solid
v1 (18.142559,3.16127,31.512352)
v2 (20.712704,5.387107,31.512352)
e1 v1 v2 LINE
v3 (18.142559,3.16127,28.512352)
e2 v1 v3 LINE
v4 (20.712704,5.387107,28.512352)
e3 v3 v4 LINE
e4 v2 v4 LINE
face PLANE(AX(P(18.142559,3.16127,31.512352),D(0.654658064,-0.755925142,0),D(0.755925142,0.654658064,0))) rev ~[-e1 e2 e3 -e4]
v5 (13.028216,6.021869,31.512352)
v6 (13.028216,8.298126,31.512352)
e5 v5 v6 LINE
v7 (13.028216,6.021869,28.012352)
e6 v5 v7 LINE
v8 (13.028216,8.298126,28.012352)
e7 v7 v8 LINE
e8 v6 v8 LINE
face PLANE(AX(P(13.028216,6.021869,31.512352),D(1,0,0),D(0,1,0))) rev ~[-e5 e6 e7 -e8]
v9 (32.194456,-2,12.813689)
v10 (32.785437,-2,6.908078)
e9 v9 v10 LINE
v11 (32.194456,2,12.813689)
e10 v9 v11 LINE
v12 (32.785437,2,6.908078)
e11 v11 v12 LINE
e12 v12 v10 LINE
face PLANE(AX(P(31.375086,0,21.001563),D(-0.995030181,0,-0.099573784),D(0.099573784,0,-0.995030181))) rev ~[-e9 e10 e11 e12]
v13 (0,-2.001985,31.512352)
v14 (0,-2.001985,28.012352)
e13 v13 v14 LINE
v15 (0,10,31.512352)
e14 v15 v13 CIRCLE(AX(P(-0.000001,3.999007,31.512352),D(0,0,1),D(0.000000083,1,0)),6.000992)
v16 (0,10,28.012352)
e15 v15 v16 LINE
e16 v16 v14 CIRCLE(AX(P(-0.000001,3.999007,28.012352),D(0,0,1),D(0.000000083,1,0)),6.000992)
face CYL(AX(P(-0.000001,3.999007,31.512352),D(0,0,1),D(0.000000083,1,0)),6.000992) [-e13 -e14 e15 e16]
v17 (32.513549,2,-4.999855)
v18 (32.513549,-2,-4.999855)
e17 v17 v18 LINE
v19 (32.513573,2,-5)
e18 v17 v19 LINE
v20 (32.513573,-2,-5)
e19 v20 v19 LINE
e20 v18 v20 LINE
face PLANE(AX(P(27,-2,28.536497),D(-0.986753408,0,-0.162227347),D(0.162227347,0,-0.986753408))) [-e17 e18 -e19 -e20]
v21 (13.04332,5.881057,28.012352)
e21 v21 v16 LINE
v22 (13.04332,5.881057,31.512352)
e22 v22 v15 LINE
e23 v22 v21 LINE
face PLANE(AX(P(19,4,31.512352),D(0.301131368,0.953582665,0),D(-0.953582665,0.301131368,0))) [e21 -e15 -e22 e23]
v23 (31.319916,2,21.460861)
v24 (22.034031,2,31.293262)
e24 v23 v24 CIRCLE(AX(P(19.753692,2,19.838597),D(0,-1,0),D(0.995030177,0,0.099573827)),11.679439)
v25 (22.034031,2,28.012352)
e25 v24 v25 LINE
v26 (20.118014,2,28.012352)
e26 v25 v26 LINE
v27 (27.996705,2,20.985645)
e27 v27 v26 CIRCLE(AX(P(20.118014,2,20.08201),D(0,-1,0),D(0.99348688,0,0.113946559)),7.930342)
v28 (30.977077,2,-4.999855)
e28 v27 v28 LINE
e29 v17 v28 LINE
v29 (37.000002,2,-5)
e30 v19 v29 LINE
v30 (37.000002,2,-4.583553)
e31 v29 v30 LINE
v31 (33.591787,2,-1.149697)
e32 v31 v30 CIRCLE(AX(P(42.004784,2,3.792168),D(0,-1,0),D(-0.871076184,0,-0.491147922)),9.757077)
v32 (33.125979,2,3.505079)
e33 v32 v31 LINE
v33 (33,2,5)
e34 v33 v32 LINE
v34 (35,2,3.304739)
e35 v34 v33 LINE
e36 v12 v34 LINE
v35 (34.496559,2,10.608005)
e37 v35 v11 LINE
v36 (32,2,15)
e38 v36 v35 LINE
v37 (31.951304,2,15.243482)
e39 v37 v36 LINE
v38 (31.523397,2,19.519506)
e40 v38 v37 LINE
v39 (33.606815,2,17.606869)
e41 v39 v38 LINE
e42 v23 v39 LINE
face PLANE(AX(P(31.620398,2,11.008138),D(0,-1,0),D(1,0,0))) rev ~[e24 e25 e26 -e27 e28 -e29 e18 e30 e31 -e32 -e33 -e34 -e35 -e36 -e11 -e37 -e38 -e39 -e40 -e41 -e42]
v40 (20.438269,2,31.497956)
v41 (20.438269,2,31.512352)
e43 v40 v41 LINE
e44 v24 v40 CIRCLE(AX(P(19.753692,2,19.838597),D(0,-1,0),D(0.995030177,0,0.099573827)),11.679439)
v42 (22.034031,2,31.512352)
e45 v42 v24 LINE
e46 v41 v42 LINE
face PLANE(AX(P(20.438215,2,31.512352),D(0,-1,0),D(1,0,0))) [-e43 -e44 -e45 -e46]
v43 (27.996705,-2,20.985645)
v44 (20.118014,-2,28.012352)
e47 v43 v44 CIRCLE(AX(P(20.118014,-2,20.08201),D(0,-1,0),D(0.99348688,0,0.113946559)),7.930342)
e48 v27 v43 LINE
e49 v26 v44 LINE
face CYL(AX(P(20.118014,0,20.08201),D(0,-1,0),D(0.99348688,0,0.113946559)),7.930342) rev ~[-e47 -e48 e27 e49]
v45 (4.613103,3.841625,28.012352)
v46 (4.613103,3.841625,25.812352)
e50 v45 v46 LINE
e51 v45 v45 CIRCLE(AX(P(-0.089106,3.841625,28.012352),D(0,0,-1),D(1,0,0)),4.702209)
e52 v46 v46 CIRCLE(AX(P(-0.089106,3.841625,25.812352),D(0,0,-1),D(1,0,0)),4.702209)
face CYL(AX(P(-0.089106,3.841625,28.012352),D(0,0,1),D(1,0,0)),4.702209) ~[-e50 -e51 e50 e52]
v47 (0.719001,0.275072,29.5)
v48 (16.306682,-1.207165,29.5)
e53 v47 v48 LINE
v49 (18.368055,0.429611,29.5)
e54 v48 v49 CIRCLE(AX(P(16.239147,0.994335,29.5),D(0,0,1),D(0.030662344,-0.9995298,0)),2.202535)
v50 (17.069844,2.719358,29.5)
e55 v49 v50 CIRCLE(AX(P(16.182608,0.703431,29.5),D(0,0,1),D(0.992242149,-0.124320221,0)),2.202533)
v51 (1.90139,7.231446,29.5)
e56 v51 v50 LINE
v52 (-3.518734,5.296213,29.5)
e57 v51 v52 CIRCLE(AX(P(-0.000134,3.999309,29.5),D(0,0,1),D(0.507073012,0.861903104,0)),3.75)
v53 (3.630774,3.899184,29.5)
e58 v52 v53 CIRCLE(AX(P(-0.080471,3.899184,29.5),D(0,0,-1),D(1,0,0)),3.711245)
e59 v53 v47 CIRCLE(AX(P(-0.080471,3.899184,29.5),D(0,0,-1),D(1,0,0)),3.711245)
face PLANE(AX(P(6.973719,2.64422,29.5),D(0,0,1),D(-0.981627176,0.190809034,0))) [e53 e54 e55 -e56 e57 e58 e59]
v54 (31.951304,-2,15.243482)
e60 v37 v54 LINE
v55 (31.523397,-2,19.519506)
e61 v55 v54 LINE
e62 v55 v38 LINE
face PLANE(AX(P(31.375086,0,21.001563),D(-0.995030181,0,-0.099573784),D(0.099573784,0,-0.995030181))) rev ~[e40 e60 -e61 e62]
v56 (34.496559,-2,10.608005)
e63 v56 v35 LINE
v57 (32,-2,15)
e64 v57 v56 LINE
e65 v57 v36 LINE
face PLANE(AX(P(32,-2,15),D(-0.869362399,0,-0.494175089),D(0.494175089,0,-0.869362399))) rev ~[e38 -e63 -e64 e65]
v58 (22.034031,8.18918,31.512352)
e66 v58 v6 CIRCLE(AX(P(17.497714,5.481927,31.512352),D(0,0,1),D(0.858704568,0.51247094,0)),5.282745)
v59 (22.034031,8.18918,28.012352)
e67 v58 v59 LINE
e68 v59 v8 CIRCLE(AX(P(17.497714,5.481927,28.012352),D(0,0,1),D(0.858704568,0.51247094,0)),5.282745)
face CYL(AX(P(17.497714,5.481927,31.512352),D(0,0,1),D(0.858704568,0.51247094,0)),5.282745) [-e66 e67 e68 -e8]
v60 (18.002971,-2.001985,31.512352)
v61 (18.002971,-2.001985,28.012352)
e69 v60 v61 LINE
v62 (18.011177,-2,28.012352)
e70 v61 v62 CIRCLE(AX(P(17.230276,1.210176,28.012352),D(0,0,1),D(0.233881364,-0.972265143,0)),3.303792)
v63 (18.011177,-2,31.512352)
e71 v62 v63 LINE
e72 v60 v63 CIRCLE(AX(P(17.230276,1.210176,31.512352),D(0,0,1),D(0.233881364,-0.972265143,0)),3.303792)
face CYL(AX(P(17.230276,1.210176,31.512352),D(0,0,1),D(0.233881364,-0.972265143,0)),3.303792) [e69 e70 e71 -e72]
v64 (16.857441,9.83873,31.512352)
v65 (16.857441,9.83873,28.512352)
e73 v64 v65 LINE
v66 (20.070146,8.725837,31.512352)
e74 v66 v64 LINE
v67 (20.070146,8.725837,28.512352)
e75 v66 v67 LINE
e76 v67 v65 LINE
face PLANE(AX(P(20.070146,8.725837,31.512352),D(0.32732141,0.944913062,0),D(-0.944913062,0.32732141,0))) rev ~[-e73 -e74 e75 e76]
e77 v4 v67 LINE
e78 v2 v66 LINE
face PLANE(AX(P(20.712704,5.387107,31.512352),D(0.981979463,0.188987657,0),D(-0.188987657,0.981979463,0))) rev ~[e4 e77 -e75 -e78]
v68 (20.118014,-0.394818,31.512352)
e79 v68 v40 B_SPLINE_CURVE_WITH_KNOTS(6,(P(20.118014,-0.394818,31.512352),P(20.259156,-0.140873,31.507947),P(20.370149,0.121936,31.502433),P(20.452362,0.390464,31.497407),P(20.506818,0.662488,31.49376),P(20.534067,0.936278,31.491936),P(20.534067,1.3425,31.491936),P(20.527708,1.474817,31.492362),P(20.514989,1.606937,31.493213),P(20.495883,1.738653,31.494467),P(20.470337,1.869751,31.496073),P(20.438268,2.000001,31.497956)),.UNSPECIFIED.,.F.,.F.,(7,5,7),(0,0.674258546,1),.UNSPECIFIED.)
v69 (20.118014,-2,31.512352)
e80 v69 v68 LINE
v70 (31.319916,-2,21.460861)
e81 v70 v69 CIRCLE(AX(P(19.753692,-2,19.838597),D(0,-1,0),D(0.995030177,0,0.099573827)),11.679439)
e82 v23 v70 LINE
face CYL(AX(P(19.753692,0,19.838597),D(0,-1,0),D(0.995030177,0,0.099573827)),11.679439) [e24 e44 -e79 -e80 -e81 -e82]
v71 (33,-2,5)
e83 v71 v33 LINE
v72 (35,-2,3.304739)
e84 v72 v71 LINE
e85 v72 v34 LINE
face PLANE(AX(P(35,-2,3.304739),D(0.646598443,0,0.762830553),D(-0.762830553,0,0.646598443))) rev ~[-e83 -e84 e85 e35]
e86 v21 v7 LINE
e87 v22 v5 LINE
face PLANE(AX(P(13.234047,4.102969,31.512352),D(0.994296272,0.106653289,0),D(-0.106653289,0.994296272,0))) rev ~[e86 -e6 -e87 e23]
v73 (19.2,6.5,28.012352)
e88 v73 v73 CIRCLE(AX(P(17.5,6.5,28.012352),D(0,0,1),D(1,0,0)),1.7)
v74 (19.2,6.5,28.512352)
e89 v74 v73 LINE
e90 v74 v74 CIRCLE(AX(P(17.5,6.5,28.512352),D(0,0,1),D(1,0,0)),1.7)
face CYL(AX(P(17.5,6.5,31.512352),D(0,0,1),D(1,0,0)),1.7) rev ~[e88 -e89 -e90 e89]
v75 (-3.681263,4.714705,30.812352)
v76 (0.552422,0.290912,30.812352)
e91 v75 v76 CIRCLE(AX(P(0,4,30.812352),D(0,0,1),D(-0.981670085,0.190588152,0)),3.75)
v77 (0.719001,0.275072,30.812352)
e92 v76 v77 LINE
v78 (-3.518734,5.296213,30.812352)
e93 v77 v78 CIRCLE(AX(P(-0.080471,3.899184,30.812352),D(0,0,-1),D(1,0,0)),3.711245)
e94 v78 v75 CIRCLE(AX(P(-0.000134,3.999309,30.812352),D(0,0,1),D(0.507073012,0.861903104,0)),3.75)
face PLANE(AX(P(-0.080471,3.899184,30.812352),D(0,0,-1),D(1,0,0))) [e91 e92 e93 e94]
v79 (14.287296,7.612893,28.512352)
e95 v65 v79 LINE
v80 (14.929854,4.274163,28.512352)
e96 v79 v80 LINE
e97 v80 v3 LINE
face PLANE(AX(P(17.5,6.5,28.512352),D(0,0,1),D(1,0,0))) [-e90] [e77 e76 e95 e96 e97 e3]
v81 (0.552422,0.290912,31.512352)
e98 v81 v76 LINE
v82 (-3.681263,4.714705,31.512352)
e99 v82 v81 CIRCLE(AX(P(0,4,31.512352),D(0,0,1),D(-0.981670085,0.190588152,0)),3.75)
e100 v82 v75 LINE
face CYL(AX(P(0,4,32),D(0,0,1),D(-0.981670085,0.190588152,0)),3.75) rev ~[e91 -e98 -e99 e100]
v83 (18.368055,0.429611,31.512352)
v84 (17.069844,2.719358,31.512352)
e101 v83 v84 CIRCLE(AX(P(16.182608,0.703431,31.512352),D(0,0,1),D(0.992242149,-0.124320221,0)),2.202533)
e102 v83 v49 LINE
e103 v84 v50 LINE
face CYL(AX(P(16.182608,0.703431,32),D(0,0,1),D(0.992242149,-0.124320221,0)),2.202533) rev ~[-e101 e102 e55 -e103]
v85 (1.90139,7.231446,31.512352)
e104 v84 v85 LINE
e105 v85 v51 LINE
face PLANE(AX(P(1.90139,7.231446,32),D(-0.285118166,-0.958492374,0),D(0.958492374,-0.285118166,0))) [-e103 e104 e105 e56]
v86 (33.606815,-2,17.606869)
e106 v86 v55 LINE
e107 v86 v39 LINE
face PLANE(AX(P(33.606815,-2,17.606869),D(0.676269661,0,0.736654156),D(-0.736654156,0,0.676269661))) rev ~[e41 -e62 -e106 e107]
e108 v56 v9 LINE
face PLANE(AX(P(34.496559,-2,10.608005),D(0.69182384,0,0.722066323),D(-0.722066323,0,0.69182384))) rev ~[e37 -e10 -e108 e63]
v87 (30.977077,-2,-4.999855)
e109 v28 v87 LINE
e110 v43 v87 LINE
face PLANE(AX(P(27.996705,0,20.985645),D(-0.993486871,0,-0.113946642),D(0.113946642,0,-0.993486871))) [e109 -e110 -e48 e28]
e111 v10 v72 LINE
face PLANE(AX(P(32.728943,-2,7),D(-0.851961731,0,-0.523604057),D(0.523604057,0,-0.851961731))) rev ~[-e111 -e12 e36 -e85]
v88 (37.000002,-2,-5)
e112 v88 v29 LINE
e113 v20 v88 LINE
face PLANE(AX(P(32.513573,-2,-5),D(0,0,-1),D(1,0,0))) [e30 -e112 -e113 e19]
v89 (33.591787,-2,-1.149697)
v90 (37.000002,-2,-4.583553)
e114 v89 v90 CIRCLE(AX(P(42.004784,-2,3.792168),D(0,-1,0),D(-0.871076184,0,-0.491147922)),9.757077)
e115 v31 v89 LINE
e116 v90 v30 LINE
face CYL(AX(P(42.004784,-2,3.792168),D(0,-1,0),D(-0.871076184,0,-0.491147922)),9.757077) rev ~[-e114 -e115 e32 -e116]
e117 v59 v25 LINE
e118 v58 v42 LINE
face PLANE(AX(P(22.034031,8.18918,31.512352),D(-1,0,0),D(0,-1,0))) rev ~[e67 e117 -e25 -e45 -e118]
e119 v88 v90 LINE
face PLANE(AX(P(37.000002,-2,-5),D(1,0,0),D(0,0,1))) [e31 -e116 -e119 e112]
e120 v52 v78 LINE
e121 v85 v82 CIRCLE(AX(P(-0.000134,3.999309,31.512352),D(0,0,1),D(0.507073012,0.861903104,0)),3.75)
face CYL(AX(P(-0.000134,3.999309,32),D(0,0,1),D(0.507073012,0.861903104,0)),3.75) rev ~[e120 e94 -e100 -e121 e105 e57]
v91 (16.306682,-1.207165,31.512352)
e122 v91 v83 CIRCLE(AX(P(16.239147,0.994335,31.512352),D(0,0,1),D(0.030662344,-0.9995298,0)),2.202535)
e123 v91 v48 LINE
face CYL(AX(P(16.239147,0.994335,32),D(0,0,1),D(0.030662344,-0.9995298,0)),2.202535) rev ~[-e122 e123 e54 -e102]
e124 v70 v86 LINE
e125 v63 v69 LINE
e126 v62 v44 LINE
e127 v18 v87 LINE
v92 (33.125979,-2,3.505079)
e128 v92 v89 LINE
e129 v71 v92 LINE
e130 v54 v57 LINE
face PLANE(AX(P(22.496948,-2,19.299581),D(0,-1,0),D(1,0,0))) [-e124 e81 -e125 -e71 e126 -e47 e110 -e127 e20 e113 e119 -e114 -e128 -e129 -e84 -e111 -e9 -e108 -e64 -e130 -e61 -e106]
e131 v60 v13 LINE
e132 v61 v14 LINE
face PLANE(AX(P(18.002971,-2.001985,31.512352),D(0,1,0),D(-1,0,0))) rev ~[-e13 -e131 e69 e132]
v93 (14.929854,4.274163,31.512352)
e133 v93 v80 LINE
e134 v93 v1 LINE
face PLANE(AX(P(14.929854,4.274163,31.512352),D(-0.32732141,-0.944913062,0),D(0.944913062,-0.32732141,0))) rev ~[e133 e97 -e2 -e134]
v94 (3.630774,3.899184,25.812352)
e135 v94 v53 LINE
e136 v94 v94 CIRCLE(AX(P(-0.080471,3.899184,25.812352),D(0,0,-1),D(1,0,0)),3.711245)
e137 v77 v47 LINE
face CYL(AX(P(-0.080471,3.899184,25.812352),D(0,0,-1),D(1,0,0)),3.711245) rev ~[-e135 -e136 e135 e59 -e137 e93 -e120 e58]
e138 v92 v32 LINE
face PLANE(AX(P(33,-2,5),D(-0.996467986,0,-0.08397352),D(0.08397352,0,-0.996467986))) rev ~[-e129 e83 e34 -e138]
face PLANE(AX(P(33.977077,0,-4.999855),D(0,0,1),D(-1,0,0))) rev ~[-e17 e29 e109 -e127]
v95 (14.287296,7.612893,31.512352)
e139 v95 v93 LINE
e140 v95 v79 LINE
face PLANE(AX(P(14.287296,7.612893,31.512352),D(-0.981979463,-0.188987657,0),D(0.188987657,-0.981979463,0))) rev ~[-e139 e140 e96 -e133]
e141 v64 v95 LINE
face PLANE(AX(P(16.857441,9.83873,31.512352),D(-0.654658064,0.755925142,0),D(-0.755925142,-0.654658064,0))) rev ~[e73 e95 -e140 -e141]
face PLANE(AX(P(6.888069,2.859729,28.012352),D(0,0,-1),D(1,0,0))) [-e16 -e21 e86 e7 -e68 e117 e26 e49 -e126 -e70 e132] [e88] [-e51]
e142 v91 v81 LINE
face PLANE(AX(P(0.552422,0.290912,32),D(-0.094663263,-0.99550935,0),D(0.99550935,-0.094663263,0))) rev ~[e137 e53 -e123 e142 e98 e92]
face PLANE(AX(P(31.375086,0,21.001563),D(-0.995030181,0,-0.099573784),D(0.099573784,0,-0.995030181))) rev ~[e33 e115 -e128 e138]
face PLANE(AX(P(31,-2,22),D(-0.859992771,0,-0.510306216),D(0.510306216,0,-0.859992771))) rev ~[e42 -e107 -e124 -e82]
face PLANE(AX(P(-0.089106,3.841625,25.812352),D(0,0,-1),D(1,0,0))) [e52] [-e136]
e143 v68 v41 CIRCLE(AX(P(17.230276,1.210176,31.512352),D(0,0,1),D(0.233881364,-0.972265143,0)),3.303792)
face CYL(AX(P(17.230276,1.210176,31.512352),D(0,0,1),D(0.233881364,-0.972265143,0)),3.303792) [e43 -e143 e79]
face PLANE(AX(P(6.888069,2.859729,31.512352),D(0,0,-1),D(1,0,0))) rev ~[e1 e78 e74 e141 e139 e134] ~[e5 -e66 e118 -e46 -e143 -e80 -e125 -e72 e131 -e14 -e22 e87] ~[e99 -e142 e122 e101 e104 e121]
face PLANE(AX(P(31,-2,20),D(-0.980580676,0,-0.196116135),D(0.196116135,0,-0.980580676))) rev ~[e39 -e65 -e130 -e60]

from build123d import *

# Parameters (mm, degrees)
PAD061_DEPTH       = 3.5
PAD059_DEPTH       = 2.5
PAD057_DEPTH       = 2
PAD058_DEPTH       = 3.5
SKETCH098_R        = 4.702209
PAD060_DEPTH       = 2.2
SKETCH099_R        = 3.711245
POCKET003044_DEPTH = 5
SKETCH101_R        = 1.7
POCKET003045_DEPTH = 5
POCKET003046_DEPTH = 3
PAD062_DEPTH       = 4


with BuildPart() as leg_link_shape:
    # Sketch100 → Pad061 (new body)
    with BuildSketch(Plane(origin=(0, 0, 31.512352), x_dir=(-1, 0, 0), z_dir=(0, 0, 1))):
        with BuildLine():
            Line((-20.438215, -2), (-13.234047, -4.102969))
            Line((-13.234047, -4.102969), (-13.028216, -6.021869))
            Line((-13.028216, -6.021869), (-13.028216, -8.298126))
            ThreePointArc((-22.034031, -8.18918), (-17.561616, -10.764285), (-13.028216, -8.298126))
            Line((-22.034031, -8.18918), (-22.034031, -2))
            Line((-20.438215, -2), (-22.034031, -2))
        make_face()
    extrude(amount=-PAD061_DEPTH)


with BuildPart() as sg90_servo_hole:
    # Sketch094 → Pad059 (new body)
    with BuildSketch(Plane(origin=(0, 4, 32), x_dir=(-0.981627, 0.190809, 0), z_dir=(0, 0, 1))):
        with BuildLine():
            ThreePointArc((3.75, 0.000844), (2.164719, 3.062106), (-1.25, 3.535534))
            Line((-1.25, 3.535534), (-17.000656, 2.000032))
            ThreePointArc((-17.000656, 2.000032), (-18.187877, 1.283749), (-18.711844, 0))
            ThreePointArc((-18.711844, 0), (-18.187829, -1.28373), (-17.000581, -1.999968))
            Line((-1.249867, -3.534878), (-17.000581, -1.999968))
            ThreePointArc((-1.249867, -3.534878), (2.165178, -3.061078), (3.75, 0.000844))
        make_face()
    extrude(amount=-PAD059_DEPTH)


with BuildPart() as leg_servo_sg90:
    # Sketch095 → Pad057 (new body, symmetric)
    with BuildSketch(Plane.XZ):
        with BuildLine():
            Line((0, 28.012352), (20.118014, 28.012352))
            ThreePointArc((27.996705, 20.985645), (25.39647, 26.000475), (20.118014, 28.012352))
            Line((27.996705, 20.985645), (30.977077, -4.999855))
            Line((33.977077, -4.999855), (30.977077, -4.999855))
            Line((31.375086, 21.001563), (33.977077, -4.999855))
            ThreePointArc((31.375086, 21.001563), (27.724484, 28.375327), (20.118014, 31.512352))
            Line((0, 31.512352), (20.118014, 31.512352))
            Line((0, 28.012352), (0, 31.512352))
        make_face()
    extrude(amount=PAD057_DEPTH, both=True)

    # Sketch096 → Pad058 (new body)
    with BuildSketch(Plane(origin=(0, 0, 31.512352), x_dir=(-1, 0, 0), z_dir=(0, 0, 1))):
        with BuildLine():
            Line((-18.002971, 2.001985), (0, 2.001985))
            ThreePointArc((0, -10), (6.000993, -3.999007), (0, 2.001985))
            Line((-19, -4), (0, -10))
            ThreePointArc((-18.002971, 2.001985), (-20.489406, -0.668781), (-19, -4))
        make_face()
    extrude(amount=-PAD058_DEPTH)

    # Cut: cut sg90_servo_hole
    add(sg90_servo_hole.part, mode=Mode.SUBTRACT)

    # Sketch098 → Pad060 (new body)
    with BuildSketch(Plane(origin=(0, 0, 28.012352), x_dir=(1, 0, 0), z_dir=(0, 0, -1))):
        with Locations((-0.089106, -3.841625)):
            Circle(SKETCH098_R)
    extrude(amount=PAD060_DEPTH)

    # Sketch099 → Pocket003044 (cut)
    with BuildSketch(Plane(origin=(0, 0, 25.812352), x_dir=(1, 0, 0), z_dir=(0, 0, -1))):
        with Locations((-0.080471, -3.899184)):
            Circle(SKETCH099_R)
    extrude(amount=-POCKET003044_DEPTH, mode=Mode.SUBTRACT)

    # Fusion007041: union leg_link_shape
    add(leg_link_shape.part)

    # Sketch101 → Pocket003045 (cut)
    with BuildSketch(Plane.XY.offset(31.512352)):
        with Locations((17.5, 6.5)):
            Circle(SKETCH101_R)
    extrude(amount=-POCKET003045_DEPTH, mode=Mode.SUBTRACT)

    # Sketch103 → Pocket003046 (cut)
    with BuildSketch(Plane.XY.offset(31.512352)):
        Polygon((18.142559, 3.16127), (20.712704, 5.387107), (20.070146, 8.725837), (16.857441, 9.83873), (14.287296, 7.612893), (14.929854, 4.274163), align=None)
    extrude(amount=-POCKET003046_DEPTH, mode=Mode.SUBTRACT)

    # Sketch102 → Pad062 (new body)
    with BuildSketch(Plane.XZ.offset(2)):
        with BuildLine():
            Line((27, 28.536497), (32.513573, -5))
            Line((32.513573, -5), (37.000002, -5))
            Line((37.000002, -5), (37.000002, -4.583553))
            ThreePointArc((33.505627, -1), (35.019116, -3.019659), (37.000002, -4.583553))
            Line((33, 5), (33.505627, -1))
            Line((35, 3.304739), (33, 5))
            Line((32.728943, 7), (35, 3.304739))
            Line((32, 13), (32.728943, 7))
            Line((34.496559, 10.608005), (32, 13))
            Line((32, 15), (34.496559, 10.608005))
            Line((31, 20), (32, 15))
            Line((33.606815, 17.606869), (31, 20))
            Line((31, 22), (33.606815, 17.606869))
            Line((27, 28.536497), (31, 22))
        make_face()
    extrude(amount=-PAD062_DEPTH)


solid = leg_servo_sg90.part
